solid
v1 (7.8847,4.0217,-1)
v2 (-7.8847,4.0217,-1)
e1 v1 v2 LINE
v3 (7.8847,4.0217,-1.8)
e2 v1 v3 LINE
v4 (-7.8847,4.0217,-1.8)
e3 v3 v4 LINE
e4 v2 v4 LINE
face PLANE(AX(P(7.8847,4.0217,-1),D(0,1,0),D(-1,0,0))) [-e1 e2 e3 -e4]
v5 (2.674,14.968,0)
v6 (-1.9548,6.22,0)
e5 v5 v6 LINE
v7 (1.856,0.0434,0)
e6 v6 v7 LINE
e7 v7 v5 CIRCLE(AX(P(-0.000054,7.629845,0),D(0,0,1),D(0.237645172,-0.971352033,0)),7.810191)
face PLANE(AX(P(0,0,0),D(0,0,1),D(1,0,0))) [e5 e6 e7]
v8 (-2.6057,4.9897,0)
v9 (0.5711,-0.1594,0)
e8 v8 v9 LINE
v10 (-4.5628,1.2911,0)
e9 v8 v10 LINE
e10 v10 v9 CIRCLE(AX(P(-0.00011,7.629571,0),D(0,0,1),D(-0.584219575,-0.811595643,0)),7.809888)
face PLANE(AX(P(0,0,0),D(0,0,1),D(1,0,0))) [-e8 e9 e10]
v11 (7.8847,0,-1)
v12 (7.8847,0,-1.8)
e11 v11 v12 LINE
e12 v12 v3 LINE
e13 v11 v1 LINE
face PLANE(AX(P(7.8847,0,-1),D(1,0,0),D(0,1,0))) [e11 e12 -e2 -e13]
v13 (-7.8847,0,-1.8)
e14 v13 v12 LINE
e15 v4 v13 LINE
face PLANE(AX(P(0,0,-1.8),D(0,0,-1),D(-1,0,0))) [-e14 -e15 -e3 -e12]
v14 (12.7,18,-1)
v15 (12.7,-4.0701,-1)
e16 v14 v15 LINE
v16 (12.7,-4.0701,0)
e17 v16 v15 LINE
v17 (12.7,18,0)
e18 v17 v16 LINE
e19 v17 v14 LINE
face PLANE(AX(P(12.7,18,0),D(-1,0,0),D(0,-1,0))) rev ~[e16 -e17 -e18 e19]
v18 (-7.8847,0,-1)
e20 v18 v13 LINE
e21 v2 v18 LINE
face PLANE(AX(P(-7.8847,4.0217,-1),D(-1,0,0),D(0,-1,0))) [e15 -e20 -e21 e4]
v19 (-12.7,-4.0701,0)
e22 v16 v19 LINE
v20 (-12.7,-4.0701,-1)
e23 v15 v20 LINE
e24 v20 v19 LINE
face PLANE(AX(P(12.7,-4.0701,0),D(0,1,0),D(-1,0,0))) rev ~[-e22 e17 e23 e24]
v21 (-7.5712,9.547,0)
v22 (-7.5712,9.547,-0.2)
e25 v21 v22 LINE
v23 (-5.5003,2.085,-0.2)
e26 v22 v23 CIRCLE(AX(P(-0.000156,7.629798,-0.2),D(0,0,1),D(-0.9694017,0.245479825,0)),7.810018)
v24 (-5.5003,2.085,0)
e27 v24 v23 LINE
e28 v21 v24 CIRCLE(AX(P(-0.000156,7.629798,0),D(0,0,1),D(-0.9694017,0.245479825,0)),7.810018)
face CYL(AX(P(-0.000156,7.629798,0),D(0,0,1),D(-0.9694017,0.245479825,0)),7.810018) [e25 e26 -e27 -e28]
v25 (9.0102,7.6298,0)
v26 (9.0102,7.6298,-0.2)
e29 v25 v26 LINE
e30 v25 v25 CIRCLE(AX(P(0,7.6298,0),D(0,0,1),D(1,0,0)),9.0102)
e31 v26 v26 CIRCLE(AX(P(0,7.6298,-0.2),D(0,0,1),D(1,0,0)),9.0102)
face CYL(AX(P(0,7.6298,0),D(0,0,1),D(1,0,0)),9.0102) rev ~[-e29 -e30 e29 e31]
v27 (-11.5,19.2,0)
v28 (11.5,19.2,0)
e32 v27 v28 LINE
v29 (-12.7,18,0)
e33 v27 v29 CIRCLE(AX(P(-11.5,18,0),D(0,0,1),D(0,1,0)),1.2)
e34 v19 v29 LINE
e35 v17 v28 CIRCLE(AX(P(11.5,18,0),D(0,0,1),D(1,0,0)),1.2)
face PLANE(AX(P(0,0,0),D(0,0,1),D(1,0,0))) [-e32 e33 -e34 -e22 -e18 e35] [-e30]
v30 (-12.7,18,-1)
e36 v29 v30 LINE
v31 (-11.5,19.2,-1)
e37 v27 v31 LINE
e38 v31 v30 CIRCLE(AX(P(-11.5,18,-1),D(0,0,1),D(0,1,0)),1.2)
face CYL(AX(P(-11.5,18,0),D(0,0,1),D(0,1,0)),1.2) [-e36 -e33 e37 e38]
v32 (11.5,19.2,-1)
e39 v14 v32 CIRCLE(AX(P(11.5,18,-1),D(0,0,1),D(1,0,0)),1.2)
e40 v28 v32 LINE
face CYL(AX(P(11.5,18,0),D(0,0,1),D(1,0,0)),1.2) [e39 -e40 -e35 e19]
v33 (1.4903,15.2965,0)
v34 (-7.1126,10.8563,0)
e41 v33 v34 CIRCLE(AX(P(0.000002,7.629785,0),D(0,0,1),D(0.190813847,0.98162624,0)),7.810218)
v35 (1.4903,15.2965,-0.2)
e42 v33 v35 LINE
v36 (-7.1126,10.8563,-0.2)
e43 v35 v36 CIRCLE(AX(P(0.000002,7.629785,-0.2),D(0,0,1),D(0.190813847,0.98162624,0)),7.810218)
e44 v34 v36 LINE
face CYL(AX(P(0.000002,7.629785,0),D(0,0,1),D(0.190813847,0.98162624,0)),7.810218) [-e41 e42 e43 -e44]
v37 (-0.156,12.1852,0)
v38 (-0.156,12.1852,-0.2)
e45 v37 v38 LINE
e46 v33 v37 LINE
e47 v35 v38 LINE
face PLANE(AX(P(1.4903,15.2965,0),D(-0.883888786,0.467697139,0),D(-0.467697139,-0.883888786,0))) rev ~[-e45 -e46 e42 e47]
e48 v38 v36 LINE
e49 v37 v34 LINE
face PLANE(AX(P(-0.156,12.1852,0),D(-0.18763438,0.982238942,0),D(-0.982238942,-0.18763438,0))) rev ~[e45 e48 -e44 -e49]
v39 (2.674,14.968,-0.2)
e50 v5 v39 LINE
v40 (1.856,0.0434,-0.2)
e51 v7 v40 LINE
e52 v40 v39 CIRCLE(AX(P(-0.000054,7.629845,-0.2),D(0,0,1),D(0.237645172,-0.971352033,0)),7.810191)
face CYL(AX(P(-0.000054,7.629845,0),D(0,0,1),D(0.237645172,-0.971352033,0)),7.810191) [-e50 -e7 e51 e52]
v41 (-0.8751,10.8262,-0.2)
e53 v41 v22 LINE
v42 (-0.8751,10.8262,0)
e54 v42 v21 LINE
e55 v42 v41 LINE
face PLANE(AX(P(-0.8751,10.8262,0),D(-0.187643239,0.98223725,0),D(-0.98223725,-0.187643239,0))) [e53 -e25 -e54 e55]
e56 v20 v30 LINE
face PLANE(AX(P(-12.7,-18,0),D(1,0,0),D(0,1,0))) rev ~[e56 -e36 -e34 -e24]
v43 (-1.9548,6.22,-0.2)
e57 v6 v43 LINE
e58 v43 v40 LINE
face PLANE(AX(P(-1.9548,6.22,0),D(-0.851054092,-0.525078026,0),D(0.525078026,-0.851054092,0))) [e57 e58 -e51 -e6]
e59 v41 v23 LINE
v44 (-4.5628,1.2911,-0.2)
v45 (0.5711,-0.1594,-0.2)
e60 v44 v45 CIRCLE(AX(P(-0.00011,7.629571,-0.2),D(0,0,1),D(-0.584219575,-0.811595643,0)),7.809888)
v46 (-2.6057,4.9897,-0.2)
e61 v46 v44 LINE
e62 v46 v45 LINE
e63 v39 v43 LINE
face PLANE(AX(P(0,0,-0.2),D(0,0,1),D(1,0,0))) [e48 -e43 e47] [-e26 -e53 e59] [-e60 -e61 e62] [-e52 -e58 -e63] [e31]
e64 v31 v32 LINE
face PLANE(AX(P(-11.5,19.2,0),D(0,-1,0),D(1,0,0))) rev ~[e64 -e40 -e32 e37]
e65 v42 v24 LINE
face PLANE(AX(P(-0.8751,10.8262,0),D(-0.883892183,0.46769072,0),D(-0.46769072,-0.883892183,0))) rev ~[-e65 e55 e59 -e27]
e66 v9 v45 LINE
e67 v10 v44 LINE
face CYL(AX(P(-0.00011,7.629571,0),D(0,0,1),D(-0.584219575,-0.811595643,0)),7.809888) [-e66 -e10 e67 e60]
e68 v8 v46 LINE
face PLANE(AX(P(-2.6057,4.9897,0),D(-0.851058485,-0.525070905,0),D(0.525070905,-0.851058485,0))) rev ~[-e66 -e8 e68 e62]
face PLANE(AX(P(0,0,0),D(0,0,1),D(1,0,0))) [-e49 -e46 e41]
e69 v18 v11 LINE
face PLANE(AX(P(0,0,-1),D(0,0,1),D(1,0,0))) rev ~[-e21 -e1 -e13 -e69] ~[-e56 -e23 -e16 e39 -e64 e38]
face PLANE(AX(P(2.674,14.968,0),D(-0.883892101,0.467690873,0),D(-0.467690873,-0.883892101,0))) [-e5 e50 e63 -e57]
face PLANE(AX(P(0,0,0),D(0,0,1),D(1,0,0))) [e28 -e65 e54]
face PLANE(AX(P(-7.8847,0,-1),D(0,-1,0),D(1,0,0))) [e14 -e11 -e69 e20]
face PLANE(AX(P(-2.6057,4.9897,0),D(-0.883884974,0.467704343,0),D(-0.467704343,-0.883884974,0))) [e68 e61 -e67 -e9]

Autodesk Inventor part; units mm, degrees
ref_plane "YZ Plane" through (0, 0, 0) normal (1, 0, 0) x (0, 1, 0)
ref_plane "XZ Plane" through (0, 0, 0) normal (0, 1, 0) x (-1, 0, 0)
ref_plane "XY Plane" through (0, 0, 0) normal (0, 0, 1) x (1, 0, 0)
sketch "Sketch1" plane through (0, 0, 0) normal (0, 0, 1) x (1, 0, 0)
  line L0 (11.5, 20) -> (-11.5, 20) projected
  arc A0 (-11.5, 20) -> (-13.5, 18) centre (-11.5, 18) ccw projected
  line L1 (-13.5, 18) -> (-13.5, -18) projected
  arc A1 (-13.5, -18) -> (-11.5, -20) centre (-11.5, -18) ccw projected
  line L2 (-11.5, -20) -> (11.5, -20) projected
  arc A2 (11.5, -20) -> (13.5, -18) centre (11.5, -18) ccw projected
  line L3 (13.5, -18) -> (13.5, 18) projected
  arc A3 (13.5, 18) -> (11.5, 20) centre (11.5, 18) ccw projected
  arc A4 (-12.7, -18) -> (-11.5, -19.2) centre (-11.5, -18) ccw projected
  line L4 (-12.7, -18) -> (-12.7, 18) projected
  arc A5 (-11.5, 19.2) -> (-12.7, 18) centre (-11.5, 18) ccw projected
  line L5 (-11.5, 19.2) -> (11.5, 19.2) projected
  arc A6 (12.7, 18) -> (11.5, 19.2) centre (11.5, 18) ccw projected
  line L6 (12.7, 18) -> (12.7, -18) projected
  arc A7 (11.5, -19.2) -> (12.7, -18) centre (11.5, -18) ccw projected
  line L7 (11.5, -19.2) -> (-11.5, -19.2) projected
  point P0 (0, 0)
extrude "Extrusion1" add sketch "Sketch1" against normal blind 1 contours L4 A5 L5 A6 L6 A7 L7 A4
sketch "Sketch2" plane through (0, 0, -1) normal (0, 0, -1) x (-1, 0, 0)
  line L0 (-7.8847, 4.0217) -> (7.8847, 4.0217)
  line L1 (7.8847, 4.0217) -> (7.8847, 0)
  line L2 (7.8847, 0) -> (-7.8847, 0)
  line L3 (-7.8847, 0) -> (-7.8847, 4.0217)
  line L4 (-7.8847, 4.0217) -> (7.8847, 0) construction
  line L5 (7.8847, 4.0217) -> (-7.8847, 0) construction
  point P0 (0, 0)
  point P1 (0, 2.0108)
extrude "Extrusion2" add sketch "Sketch2" along normal blind 0.8
sketch "Sketch3" plane through (0, 0, 0) normal (0, 0, 1) x (1, 0, 0)
  circle A0 centre (0, 7.6298) radius 9.0102
  line L0 (-1.9548, 6.22) -> (1.856, 0.0434)
  line L1 (-2.6057, 4.9897) -> (0.5711, -0.1594)
  line L2 (-0.156, 12.1852) -> (-7.1126, 10.8563)
  line L3 (-0.8751, 10.8262) -> (-7.5712, 9.547)
  line L4 (1.4903, 15.2965) -> (-0.156, 12.1852)
  line L5 (-0.8751, 10.8262) -> (-5.5003, 2.085)
  arc A1 (1.4903, 15.2965) -> (-7.1126, 10.8563) centre (0, 7.6298) ccw
  line L6 (2.674, 14.968) -> (-1.9548, 6.22)
  line L7 (-2.6057, 4.9897) -> (-4.5628, 1.2911)
  arc A2 (1.856, 0.0434) -> (2.674, 14.968) centre (0, 7.6298) ccw
  arc A3 (-7.5712, 9.547) -> (-5.5003, 2.085) centre (0, 7.6298) ccw
  arc A4 (-4.5628, 1.2911) -> (0.5711, -0.1594) centre (0, 7.6298) ccw
  dimension "d16" = 1.2
  dimension "d17" = 1.2
extrude "Extrusion3" cut sketch "Sketch3" against normal blind 0.2
sketch "Sketch4" plane through (0, 0, 0) normal (0, 0, 1) x (1, 0, 0)
  line L0 (-8.3854, -4.5453) -> (2.4185, -4.5453) construction
  line L1 (2.4185, -4.5453) -> (2.4185, -8.8273) construction
  line L2 (2.4185, -8.8273) -> (-8.3854, -8.8273) construction
  line L3 (-8.3854, -8.8273) -> (-8.3854, -4.5453) construction
  line L4 (-7.9406, -12.5453) -> (-7.9406, -4.5453)
  line L5 (-7.9406, -4.5453) -> (-4.8392, -4.5453)
  spline S0 degree 2 poles (-4.8392, -4.5453) (-3.7754, -4.5453) (-2.6754, -5.4649) (-2.5071, -6.4927) knots 0 0 0 1 2 2 2
  spline S1 degree 2 poles (-2.5071, -6.4927) (-2.4651, -6.8233) (-2.453, -7.0096) (-2.453, -7.1358) knots 0 0 0 1 2 2 2
  spline S2 degree 2 poles (-2.453, -7.1358) (-2.453, -8.2478) (-3.8174, -9.4799) (-5.0496, -9.4799) knots 0 0 0 1 2 2 2
  line L6 (-5.0496, -9.4799) -> (-5.8189, -9.4799)
  line L7 (-5.8189, -9.4799) -> (-5.8189, -12.5453)
  line L8 (-5.8189, -12.5453) -> (-7.9406, -12.5453)
  spline S3 degree 2 poles (-5.3561, -7.9713) (-5.1458, -7.9713) (-4.713, -7.6347) (-4.6469, -7.3041) knots 0 0 0 1 2 2 2
  spline S4 degree 2 poles (-4.6469, -7.3041) (-4.6108, -7.1358) (-4.6108, -6.9916) knots 0 0 0 1 1 1
  spline S5 degree 2 poles (-4.6108, -6.9916) (-4.6108, -6.5648) (-5.0195, -6.066) (-5.3321, -6.066) knots 0 0 0 1 2 2 2
  line L9 (-5.3321, -6.066) -> (-5.8189, -6.066)
  line L10 (-5.8189, -6.066) -> (-5.8189, -7.9713)
  line L11 (-5.8189, -7.9713) -> (-5.3561, -7.9713)
  line L12 (-2.0203, -12.5453) -> (-2.0203, -4.5453)
  line L13 (-2.0203, -4.5453) -> (2.686, -4.5453)
  line L14 (2.686, -4.5453) -> (2.686, -6.2222)
  line L15 (2.686, -6.2222) -> (0.1014, -6.2222)
  line L16 (0.1014, -6.2222) -> (0.1014, -7.6708)
  line L17 (0.1014, -7.6708) -> (2.5357, -7.6708)
  line L18 (2.5357, -7.6708) -> (2.5357, -9.2696)
  line L19 (2.5357, -9.2696) -> (0.1014, -9.2696)
  line L20 (0.1014, -9.2696) -> (0.1014, -10.8684)
  line L21 (0.1014, -10.8684) -> (2.7761, -10.8684)
  line L22 (2.7761, -10.8684) -> (2.7761, -12.5453)
  line L23 (2.7761, -12.5453) -> (-2.0203, -12.5453)
  line L24 (3.4252, -12.5453) -> (3.4252, -4.5453)
  line L25 (3.4252, -4.5453) -> (6.5267, -4.5453)
  spline S6 degree 2 poles (6.5267, -4.5453) (7.5905, -4.5453) (8.6905, -5.4649) (8.8588, -6.4927) knots 0 0 0 1 2 2 2
  spline S7 degree 2 poles (8.8588, -6.4927) (8.9008, -6.8233) (8.9129, -7.0096) (8.9129, -7.1358) knots 0 0 0 1 2 2 2
  spline S8 degree 2 poles (8.9129, -7.1358) (8.9129, -8.2478) (7.5485, -9.4799) (6.3163, -9.4799) knots 0 0 0 1 2 2 2
  line L26 (6.3163, -9.4799) -> (5.547, -9.4799)
  line L27 (5.547, -9.4799) -> (5.547, -12.5453)
  line L28 (5.547, -12.5453) -> (3.4252, -12.5453)
  spline S9 degree 2 poles (6.0098, -7.9713) (6.2201, -7.9713) (6.6529, -7.6347) (6.719, -7.3041) knots 0 0 0 1 2 2 2
  spline S10 degree 2 poles (6.719, -7.3041) (6.7551, -7.1358) (6.7551, -6.9916) knots 0 0 0 1 1 1
  spline S11 degree 2 poles (6.7551, -6.9916) (6.7551, -6.5648) (6.3464, -6.066) (6.0338, -6.066) knots 0 0 0 1 2 2 2
  line L29 (6.0338, -6.066) -> (5.547, -6.066)
  line L30 (5.547, -6.066) -> (5.547, -7.9713)
  line L31 (5.547, -7.9713) -> (6.0098, -7.9713)
  point P0 (0, 0)
extrude "Extrusion4" cut sketch "Sketch4" against normal blind 0.2
sketch "Sketch5" plane through (0, 0, 0) normal (0, 0, 1) x (1, 0, 0)
  line L0 (12.7, -4.0701) -> (14.5, -4.0701)
  line L1 (14.5, -4.0701) -> (-14.9684, -4.0701)
  line L2 (-14.9684, -4.0701) -> (-14.9684, -23.3701)
  line L3 (-14.9684, -23.3701) -> (14.5, -23.3701)
  line L4 (14.5, -23.3701) -> (14.5, -4.0701)
  point P0 (0, 0)
extrude "Extrusion5" cut sketch "Sketch5" against normal blind 10
properties part number "LimitSwitch Con Lid"
